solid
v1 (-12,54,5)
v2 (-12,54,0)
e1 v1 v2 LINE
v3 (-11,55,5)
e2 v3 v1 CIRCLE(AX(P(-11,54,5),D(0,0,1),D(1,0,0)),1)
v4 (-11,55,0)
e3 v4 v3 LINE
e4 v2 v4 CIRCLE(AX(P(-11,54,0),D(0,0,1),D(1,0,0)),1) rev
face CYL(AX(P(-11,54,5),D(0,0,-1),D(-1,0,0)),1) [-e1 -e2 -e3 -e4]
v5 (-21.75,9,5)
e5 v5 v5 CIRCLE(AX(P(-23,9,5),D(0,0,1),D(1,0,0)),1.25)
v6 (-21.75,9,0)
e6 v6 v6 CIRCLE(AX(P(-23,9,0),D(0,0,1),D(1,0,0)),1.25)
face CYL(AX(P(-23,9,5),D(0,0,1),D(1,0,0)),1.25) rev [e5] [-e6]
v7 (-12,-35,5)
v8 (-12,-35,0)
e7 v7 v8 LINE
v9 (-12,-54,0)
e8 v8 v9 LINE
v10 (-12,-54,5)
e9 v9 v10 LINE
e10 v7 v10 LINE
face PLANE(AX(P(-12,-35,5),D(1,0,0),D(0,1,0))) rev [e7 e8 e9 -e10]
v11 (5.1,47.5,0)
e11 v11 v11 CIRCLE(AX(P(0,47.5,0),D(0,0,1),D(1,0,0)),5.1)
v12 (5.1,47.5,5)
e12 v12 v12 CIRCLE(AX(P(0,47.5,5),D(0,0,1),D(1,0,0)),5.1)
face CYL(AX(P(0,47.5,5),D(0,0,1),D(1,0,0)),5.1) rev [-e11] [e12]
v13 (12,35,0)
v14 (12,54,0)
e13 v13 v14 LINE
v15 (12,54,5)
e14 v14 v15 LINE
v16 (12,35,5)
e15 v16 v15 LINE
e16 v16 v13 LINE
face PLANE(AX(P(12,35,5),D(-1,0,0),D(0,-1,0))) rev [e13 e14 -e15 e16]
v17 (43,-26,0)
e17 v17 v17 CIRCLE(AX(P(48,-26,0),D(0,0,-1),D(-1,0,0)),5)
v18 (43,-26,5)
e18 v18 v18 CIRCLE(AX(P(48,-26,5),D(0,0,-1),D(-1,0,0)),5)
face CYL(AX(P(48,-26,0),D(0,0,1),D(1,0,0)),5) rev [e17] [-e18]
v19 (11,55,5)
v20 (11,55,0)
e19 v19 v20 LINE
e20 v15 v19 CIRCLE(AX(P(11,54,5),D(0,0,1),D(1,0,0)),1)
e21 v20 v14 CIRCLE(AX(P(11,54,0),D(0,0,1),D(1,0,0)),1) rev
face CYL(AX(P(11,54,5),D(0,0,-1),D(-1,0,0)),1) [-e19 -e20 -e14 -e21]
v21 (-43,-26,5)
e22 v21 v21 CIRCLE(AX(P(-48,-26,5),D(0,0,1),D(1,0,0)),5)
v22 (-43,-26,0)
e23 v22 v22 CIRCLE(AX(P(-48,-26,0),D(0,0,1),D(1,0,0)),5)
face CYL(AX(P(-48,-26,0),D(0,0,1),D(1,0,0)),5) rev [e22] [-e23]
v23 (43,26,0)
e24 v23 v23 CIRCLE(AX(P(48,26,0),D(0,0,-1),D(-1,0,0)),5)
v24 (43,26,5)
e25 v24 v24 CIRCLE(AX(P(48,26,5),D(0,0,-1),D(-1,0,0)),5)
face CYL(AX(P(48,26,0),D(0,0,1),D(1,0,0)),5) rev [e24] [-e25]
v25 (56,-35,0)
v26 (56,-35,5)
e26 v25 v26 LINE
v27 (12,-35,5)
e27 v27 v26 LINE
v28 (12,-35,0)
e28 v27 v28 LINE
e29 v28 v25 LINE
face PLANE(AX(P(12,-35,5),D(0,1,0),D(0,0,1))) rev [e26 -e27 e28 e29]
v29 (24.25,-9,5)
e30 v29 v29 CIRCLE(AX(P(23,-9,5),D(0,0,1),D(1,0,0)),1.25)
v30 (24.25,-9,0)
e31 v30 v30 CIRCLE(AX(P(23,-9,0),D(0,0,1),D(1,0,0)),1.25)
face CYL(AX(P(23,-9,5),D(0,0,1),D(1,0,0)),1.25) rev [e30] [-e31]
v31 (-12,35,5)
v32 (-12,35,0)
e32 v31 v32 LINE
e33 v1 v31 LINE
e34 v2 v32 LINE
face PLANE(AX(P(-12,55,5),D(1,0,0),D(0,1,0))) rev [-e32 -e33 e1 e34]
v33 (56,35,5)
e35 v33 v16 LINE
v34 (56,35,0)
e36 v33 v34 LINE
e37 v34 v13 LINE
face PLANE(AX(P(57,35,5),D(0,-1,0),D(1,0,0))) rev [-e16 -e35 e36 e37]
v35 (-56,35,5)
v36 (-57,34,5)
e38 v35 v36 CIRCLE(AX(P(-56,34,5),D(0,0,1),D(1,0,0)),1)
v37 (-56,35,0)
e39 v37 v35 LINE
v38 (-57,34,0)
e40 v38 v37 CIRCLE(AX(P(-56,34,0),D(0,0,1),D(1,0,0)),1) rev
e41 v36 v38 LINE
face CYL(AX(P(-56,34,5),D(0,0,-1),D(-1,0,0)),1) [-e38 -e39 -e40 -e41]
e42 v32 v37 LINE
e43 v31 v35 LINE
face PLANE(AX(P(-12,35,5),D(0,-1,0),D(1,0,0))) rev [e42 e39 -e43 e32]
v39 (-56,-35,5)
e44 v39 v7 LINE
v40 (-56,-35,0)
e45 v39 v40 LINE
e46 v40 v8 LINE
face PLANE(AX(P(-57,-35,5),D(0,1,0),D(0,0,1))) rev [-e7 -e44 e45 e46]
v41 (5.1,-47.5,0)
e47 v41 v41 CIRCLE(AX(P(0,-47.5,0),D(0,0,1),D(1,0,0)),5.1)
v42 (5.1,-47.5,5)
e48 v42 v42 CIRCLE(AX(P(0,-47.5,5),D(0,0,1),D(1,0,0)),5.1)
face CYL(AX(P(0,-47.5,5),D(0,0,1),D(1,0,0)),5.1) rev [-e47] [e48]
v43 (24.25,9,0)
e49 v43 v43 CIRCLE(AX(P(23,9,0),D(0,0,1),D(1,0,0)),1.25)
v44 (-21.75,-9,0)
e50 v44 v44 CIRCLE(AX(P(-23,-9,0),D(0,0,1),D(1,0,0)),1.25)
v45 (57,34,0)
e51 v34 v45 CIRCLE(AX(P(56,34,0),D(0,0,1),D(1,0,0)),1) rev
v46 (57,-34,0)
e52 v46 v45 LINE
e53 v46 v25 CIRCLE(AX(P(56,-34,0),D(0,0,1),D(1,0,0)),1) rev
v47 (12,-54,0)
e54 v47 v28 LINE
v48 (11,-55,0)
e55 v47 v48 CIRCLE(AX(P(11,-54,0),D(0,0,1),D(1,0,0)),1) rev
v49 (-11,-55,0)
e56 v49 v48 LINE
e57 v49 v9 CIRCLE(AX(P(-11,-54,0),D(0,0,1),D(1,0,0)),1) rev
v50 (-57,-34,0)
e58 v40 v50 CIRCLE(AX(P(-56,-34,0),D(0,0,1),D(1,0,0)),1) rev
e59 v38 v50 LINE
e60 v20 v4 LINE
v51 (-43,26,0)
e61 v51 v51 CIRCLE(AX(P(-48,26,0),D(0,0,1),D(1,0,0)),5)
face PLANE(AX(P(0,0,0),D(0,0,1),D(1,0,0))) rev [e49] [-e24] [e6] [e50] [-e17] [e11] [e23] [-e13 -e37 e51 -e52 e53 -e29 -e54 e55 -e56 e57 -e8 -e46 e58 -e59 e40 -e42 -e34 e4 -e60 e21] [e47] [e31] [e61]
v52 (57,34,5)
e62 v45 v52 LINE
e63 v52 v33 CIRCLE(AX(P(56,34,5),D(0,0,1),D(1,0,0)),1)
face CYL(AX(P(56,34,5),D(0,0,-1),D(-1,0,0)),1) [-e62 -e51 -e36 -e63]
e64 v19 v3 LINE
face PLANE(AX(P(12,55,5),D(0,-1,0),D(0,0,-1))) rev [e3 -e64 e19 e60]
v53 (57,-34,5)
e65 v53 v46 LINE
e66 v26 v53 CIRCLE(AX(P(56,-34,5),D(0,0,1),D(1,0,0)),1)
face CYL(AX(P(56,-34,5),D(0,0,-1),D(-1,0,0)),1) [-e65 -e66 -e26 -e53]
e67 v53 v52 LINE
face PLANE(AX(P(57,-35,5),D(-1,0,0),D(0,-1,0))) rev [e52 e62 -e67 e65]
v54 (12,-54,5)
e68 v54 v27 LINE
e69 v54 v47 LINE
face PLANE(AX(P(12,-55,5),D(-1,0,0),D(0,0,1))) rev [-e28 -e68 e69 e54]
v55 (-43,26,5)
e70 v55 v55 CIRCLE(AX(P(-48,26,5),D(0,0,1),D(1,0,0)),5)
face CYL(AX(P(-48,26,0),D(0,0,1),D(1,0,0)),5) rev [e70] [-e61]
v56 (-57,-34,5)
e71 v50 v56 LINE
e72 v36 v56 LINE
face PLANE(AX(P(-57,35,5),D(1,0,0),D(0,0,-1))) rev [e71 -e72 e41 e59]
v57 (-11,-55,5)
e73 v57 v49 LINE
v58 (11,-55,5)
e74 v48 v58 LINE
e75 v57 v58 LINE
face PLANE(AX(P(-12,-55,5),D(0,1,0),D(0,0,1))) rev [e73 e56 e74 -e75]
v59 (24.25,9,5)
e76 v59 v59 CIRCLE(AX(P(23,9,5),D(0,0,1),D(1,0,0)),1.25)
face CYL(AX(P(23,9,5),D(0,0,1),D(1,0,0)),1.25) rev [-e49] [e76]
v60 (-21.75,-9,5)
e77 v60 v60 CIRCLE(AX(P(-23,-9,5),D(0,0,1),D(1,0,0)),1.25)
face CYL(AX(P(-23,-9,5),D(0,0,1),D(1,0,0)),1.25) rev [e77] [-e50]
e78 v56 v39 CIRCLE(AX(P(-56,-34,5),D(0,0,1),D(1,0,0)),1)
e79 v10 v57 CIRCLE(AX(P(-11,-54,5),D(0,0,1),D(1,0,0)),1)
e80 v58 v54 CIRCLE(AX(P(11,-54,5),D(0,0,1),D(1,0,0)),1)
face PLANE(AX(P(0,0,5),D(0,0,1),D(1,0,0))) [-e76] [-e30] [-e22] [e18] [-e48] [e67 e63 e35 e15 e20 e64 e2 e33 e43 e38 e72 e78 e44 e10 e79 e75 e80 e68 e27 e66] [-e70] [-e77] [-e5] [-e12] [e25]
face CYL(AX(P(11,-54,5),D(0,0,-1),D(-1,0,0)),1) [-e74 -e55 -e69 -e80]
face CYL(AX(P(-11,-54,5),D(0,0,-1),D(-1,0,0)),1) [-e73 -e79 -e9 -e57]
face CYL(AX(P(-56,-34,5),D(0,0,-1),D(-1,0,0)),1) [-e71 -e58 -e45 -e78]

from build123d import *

# Parameters (mm, degrees)
EXTRUDE_1_DEPTH     = 5
FILLET_2_R          = 1
HOLE_WIZARD_M3_1_D  = 2.5
SKETCH_5_R          = 5
CUT_EXTRUDE_1_DEPTH = 5
HOLE_WIZARD_M12_1_D = 10.2


with BuildPart() as part:
    # 草图1 → 凸台-拉伸1 (new body)
    with BuildSketch(Plane.XY):
        Polygon((-57, 35), (-57, -35), (-12, -35), (-12, -55), (12, -55), (12, -35), (57, -35), (57, 35), (12, 35), (12, 55), (-12, 55), (-12, 35), align=None)
    extrude(amount=EXTRUDE_1_DEPTH)

    # 圆角2
    fillet_2_edges = [part.edges().sort_by_distance(p)[0] for p in [
        (-12, 55, 2.5),
        (12, 55, 2.5),
        (57, 35, 2.5),
        (57, -35, 2.5),
        (12, -55, 2.5),
        (-12, -55, 2.5),
        (-57, -35, 2.5),
        (-57, 35, 2.5),
    ]]
    fillet(fillet_2_edges, radius=FILLET_2_R)

    # M3 螺纹孔的螺纹孔钻头1 (through all)
    with Locations(Plane(origin=(-23, 9, 5), x_dir=(1, 0, 0), z_dir=(0, 0, 1))):
        with Locations((0, 0), (0, -18)):
            hole_wizard_m3_1 = Hole(HOLE_WIZARD_M3_1_D / 2)

    # 镜向1: M3 螺纹孔的螺纹孔钻头1 across plane
    add(hole_wizard_m3_1.mirror(Plane(origin=(0, 0, 0), x_dir=(0, 0, 1), z_dir=(1, 0, 0))), mode=Mode.SUBTRACT)

    # 草图5 → 切除-拉伸1 (cut)
    with BuildSketch(Plane.XY.offset(5)):
        with Locations((-48, 26)):
            Circle(SKETCH_5_R)
        with Locations((-48, -26)):
            Circle(SKETCH_5_R)
    cut_extrude_1 = extrude(amount=-CUT_EXTRUDE_1_DEPTH, mode=Mode.SUBTRACT)

    # 镜向2: 切除-拉伸1 across plane
    add(cut_extrude_1.mirror(Plane(origin=(0, 0, 0), x_dir=(0, 0, 1), z_dir=(1, 0, 0))), mode=Mode.SUBTRACT)

    # M12 螺纹孔的螺纹孔钻头1 (through all)
    with Locations(Plane(origin=(0, 47.5, 5), x_dir=(1, 0, 0), z_dir=(0, 0, 1))):
        with Locations((0, 0)):
            hole_wizard_m12_1 = Hole(HOLE_WIZARD_M12_1_D / 2)

    # 镜向3: M12 螺纹孔的螺纹孔钻头1 across plane
    add(hole_wizard_m12_1.mirror(Plane.ZX), mode=Mode.SUBTRACT)


solid = part.part
